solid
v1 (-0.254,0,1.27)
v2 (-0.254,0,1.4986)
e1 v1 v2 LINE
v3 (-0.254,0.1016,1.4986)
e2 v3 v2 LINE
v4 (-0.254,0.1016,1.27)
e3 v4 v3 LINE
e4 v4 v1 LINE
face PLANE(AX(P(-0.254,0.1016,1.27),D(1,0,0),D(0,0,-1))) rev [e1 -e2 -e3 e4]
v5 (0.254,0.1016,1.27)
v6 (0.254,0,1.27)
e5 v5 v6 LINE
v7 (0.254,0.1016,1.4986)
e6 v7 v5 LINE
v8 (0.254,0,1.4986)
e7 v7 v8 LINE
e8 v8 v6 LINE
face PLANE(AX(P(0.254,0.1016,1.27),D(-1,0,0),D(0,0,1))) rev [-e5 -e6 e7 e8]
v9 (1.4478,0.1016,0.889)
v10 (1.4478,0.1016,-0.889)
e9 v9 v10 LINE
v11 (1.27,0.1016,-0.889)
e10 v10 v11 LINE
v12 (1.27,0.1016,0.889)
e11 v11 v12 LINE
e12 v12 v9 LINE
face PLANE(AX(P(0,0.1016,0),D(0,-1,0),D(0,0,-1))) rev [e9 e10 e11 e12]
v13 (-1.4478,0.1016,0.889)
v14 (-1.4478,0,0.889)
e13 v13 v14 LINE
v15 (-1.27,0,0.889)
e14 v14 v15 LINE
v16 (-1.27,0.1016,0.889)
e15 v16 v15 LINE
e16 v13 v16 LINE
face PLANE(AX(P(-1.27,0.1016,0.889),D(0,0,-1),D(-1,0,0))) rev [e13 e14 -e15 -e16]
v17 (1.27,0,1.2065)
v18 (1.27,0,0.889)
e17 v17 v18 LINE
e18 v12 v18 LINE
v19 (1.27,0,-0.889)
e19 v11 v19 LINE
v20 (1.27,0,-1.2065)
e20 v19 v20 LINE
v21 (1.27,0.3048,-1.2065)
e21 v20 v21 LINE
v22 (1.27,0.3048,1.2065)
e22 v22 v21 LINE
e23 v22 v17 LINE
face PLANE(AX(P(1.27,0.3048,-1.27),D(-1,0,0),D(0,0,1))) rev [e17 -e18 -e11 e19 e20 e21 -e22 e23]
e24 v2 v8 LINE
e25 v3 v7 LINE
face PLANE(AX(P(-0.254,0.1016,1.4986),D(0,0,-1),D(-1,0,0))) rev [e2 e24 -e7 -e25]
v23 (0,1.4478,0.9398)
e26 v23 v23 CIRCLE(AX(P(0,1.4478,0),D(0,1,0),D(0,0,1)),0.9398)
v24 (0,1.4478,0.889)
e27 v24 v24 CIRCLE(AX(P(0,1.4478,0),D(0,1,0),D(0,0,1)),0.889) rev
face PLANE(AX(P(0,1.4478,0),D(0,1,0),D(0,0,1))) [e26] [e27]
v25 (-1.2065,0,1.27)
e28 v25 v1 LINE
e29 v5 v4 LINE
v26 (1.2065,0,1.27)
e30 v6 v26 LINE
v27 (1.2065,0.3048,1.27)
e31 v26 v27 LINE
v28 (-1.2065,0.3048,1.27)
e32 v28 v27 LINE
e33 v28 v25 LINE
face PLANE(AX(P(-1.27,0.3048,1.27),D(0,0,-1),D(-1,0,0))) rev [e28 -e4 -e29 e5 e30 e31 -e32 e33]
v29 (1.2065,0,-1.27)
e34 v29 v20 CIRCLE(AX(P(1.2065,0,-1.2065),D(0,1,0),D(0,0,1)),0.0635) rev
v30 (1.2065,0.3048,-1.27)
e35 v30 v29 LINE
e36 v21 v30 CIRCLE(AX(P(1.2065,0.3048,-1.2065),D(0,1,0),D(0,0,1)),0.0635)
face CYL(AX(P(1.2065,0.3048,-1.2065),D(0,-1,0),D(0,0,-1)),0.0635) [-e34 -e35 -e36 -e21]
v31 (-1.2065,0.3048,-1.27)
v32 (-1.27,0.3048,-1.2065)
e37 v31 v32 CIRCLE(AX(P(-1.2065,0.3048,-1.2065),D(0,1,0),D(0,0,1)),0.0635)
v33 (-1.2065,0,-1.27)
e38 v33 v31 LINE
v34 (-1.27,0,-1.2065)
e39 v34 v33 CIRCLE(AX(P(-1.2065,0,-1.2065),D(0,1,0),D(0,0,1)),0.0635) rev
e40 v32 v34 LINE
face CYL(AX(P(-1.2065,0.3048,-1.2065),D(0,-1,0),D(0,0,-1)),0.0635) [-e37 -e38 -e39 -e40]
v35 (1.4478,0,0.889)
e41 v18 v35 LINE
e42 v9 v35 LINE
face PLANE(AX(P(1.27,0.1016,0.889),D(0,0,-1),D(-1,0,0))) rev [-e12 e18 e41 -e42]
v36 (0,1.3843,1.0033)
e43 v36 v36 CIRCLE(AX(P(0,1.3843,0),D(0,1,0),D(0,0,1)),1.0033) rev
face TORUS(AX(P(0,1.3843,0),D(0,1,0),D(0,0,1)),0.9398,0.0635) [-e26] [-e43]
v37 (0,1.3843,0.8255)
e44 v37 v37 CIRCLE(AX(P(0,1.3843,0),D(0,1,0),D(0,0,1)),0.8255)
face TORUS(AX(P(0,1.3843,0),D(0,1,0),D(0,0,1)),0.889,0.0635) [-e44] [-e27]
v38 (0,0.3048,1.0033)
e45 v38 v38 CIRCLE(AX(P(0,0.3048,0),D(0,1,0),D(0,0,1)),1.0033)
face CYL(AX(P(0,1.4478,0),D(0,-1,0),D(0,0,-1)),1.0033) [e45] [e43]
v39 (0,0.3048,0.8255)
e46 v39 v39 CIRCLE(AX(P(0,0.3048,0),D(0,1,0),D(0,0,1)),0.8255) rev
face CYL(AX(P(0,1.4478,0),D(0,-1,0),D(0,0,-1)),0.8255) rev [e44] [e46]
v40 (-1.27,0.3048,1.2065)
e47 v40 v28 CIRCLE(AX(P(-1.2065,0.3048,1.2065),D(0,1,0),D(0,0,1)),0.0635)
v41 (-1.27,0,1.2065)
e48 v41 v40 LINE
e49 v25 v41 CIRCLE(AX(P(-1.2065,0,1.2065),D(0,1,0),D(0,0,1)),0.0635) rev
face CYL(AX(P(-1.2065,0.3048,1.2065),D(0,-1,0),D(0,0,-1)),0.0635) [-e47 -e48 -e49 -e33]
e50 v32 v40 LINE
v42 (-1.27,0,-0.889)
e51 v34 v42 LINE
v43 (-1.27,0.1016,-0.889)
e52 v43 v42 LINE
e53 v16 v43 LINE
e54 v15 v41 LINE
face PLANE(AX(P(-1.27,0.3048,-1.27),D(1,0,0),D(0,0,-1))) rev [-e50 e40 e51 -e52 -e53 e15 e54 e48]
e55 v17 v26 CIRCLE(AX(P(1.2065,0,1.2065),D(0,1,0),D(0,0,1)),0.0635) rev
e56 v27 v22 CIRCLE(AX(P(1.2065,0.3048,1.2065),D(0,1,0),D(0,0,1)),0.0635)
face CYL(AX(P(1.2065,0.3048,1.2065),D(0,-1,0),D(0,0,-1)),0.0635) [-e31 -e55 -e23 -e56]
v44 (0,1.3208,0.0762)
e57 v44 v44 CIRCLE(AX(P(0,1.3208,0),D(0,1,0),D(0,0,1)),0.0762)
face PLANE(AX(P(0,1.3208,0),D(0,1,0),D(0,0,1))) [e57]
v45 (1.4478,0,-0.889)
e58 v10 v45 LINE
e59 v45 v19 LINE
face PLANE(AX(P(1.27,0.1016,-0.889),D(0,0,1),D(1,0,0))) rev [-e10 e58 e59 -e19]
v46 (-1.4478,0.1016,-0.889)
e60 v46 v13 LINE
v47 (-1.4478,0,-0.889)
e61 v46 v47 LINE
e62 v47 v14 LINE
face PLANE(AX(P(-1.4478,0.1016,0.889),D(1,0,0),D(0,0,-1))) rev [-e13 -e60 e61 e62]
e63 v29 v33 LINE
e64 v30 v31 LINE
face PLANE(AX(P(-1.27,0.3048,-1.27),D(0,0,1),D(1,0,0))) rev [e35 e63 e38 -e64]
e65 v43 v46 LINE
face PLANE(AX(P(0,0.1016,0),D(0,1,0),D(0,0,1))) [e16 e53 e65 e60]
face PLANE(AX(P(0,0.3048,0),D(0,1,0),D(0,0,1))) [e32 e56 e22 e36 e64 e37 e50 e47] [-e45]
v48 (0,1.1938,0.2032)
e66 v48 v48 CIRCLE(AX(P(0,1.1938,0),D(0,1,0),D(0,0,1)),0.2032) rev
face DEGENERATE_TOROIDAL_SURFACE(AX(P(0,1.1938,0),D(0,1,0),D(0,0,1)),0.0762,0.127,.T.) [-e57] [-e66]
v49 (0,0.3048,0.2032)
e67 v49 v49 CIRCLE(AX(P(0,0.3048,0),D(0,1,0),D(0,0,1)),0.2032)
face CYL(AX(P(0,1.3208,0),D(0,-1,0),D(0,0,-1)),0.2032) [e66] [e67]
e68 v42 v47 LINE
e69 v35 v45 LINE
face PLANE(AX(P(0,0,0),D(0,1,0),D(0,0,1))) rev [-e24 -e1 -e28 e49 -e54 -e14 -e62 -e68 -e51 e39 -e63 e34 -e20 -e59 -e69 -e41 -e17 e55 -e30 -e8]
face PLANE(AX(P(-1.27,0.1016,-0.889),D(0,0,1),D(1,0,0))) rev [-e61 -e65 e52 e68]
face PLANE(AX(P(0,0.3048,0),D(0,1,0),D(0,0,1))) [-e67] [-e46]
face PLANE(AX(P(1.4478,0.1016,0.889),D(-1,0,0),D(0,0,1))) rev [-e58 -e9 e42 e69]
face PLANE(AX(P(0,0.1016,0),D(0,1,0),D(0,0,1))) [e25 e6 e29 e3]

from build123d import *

# Parameters (mm, degrees)
SKETCH1_W           = 2.54
SKETCH1_H           = 2.54
BOSS_EXTRUDE1_DEPTH = 0.3048
FILLET2_R           = 0.0635
SKETCH2_R           = 1.0033
SKETCH2_R_2         = 0.8255
BOSS_EXTRUDE2_DEPTH = 1.143
FILLET3_R           = 0.0635
SKETCH3_R           = 0.2032
BOSS_EXTRUDE3_DEPTH = 1.016
FILLET1_R           = 0.127
SKETCH4_W           = 0.508
SKETCH4_H           = 0.2286
SKETCH4_W_2         = 0.1778
SKETCH4_H_2         = 1.778
BOSS_EXTRUDE4_DEPTH = 0.1016


with BuildPart() as part:
    # Sketch1 → Boss-Extrude1 (new body)
    with BuildSketch(Plane(origin=(0, 0, 0), x_dir=(1, 0, 0), z_dir=(0, 1, 0))):
        Rectangle(SKETCH1_W, SKETCH1_H)
    extrude(amount=BOSS_EXTRUDE1_DEPTH)

    # Fillet2
    fillet2_edges = [part.edges().sort_by_distance(p)[0] for p in [
        (1.27, 0.1524, 1.27),
        (-1.27, 0.1524, 1.27),
        (-1.27, 0.1524, -1.27),
        (1.27, 0.1524, -1.27),
    ]]
    fillet(fillet2_edges, radius=FILLET2_R)

    # Sketch2 → Boss-Extrude2 (add)
    with BuildSketch(Plane(origin=(0, 0.3048, 0), x_dir=(1, 0, 0), z_dir=(0, 1, 0))):
        with Locations(Location((0, 0, 0), (0, 0, 270))):
            Circle(SKETCH2_R)
        with Locations(Location((0, 0, 0), (0, 0, 270))):
            Circle(SKETCH2_R_2, mode=Mode.SUBTRACT)
    extrude(amount=BOSS_EXTRUDE2_DEPTH)

    # Fillet3
    fillet3_edges = [part.edges().sort_by_distance(p)[0] for p in [
        (0, 1.4478, -1.0033),
        (0, 1.4478, -0.8255),
    ]]
    fillet(fillet3_edges, radius=FILLET3_R)

    # Sketch3 → Boss-Extrude3 (add)
    with BuildSketch(Plane(origin=(0, 0.3048, 0), x_dir=(1, 0, 0), z_dir=(0, 1, 0))):
        with Locations(Location((0, 0, 0), (0, 0, 270))):
            Circle(SKETCH3_R)
    extrude(amount=BOSS_EXTRUDE3_DEPTH)

    # Fillet1
    fillet1_edges = [part.edges().sort_by_distance(p)[0] for p in [
        (0, 1.3208, -0.2032),
    ]]
    fillet(fillet1_edges, radius=FILLET1_R)

    # Sketch4 → Boss-Extrude4 (add)
    with BuildSketch(Plane(origin=(0, 0, 0), x_dir=(1, 0, 0), z_dir=(0, 1, 0))):
        with Locations((0, -1.3843)):
            Rectangle(SKETCH4_W, SKETCH4_H)
        with Locations((1.3589, 0)):
            Rectangle(SKETCH4_W_2, SKETCH4_H_2)
        with Locations((-1.3589, 0)):
            Rectangle(SKETCH4_W_2, SKETCH4_H_2)
    extrude(amount=BOSS_EXTRUDE4_DEPTH)


solid = part.part
